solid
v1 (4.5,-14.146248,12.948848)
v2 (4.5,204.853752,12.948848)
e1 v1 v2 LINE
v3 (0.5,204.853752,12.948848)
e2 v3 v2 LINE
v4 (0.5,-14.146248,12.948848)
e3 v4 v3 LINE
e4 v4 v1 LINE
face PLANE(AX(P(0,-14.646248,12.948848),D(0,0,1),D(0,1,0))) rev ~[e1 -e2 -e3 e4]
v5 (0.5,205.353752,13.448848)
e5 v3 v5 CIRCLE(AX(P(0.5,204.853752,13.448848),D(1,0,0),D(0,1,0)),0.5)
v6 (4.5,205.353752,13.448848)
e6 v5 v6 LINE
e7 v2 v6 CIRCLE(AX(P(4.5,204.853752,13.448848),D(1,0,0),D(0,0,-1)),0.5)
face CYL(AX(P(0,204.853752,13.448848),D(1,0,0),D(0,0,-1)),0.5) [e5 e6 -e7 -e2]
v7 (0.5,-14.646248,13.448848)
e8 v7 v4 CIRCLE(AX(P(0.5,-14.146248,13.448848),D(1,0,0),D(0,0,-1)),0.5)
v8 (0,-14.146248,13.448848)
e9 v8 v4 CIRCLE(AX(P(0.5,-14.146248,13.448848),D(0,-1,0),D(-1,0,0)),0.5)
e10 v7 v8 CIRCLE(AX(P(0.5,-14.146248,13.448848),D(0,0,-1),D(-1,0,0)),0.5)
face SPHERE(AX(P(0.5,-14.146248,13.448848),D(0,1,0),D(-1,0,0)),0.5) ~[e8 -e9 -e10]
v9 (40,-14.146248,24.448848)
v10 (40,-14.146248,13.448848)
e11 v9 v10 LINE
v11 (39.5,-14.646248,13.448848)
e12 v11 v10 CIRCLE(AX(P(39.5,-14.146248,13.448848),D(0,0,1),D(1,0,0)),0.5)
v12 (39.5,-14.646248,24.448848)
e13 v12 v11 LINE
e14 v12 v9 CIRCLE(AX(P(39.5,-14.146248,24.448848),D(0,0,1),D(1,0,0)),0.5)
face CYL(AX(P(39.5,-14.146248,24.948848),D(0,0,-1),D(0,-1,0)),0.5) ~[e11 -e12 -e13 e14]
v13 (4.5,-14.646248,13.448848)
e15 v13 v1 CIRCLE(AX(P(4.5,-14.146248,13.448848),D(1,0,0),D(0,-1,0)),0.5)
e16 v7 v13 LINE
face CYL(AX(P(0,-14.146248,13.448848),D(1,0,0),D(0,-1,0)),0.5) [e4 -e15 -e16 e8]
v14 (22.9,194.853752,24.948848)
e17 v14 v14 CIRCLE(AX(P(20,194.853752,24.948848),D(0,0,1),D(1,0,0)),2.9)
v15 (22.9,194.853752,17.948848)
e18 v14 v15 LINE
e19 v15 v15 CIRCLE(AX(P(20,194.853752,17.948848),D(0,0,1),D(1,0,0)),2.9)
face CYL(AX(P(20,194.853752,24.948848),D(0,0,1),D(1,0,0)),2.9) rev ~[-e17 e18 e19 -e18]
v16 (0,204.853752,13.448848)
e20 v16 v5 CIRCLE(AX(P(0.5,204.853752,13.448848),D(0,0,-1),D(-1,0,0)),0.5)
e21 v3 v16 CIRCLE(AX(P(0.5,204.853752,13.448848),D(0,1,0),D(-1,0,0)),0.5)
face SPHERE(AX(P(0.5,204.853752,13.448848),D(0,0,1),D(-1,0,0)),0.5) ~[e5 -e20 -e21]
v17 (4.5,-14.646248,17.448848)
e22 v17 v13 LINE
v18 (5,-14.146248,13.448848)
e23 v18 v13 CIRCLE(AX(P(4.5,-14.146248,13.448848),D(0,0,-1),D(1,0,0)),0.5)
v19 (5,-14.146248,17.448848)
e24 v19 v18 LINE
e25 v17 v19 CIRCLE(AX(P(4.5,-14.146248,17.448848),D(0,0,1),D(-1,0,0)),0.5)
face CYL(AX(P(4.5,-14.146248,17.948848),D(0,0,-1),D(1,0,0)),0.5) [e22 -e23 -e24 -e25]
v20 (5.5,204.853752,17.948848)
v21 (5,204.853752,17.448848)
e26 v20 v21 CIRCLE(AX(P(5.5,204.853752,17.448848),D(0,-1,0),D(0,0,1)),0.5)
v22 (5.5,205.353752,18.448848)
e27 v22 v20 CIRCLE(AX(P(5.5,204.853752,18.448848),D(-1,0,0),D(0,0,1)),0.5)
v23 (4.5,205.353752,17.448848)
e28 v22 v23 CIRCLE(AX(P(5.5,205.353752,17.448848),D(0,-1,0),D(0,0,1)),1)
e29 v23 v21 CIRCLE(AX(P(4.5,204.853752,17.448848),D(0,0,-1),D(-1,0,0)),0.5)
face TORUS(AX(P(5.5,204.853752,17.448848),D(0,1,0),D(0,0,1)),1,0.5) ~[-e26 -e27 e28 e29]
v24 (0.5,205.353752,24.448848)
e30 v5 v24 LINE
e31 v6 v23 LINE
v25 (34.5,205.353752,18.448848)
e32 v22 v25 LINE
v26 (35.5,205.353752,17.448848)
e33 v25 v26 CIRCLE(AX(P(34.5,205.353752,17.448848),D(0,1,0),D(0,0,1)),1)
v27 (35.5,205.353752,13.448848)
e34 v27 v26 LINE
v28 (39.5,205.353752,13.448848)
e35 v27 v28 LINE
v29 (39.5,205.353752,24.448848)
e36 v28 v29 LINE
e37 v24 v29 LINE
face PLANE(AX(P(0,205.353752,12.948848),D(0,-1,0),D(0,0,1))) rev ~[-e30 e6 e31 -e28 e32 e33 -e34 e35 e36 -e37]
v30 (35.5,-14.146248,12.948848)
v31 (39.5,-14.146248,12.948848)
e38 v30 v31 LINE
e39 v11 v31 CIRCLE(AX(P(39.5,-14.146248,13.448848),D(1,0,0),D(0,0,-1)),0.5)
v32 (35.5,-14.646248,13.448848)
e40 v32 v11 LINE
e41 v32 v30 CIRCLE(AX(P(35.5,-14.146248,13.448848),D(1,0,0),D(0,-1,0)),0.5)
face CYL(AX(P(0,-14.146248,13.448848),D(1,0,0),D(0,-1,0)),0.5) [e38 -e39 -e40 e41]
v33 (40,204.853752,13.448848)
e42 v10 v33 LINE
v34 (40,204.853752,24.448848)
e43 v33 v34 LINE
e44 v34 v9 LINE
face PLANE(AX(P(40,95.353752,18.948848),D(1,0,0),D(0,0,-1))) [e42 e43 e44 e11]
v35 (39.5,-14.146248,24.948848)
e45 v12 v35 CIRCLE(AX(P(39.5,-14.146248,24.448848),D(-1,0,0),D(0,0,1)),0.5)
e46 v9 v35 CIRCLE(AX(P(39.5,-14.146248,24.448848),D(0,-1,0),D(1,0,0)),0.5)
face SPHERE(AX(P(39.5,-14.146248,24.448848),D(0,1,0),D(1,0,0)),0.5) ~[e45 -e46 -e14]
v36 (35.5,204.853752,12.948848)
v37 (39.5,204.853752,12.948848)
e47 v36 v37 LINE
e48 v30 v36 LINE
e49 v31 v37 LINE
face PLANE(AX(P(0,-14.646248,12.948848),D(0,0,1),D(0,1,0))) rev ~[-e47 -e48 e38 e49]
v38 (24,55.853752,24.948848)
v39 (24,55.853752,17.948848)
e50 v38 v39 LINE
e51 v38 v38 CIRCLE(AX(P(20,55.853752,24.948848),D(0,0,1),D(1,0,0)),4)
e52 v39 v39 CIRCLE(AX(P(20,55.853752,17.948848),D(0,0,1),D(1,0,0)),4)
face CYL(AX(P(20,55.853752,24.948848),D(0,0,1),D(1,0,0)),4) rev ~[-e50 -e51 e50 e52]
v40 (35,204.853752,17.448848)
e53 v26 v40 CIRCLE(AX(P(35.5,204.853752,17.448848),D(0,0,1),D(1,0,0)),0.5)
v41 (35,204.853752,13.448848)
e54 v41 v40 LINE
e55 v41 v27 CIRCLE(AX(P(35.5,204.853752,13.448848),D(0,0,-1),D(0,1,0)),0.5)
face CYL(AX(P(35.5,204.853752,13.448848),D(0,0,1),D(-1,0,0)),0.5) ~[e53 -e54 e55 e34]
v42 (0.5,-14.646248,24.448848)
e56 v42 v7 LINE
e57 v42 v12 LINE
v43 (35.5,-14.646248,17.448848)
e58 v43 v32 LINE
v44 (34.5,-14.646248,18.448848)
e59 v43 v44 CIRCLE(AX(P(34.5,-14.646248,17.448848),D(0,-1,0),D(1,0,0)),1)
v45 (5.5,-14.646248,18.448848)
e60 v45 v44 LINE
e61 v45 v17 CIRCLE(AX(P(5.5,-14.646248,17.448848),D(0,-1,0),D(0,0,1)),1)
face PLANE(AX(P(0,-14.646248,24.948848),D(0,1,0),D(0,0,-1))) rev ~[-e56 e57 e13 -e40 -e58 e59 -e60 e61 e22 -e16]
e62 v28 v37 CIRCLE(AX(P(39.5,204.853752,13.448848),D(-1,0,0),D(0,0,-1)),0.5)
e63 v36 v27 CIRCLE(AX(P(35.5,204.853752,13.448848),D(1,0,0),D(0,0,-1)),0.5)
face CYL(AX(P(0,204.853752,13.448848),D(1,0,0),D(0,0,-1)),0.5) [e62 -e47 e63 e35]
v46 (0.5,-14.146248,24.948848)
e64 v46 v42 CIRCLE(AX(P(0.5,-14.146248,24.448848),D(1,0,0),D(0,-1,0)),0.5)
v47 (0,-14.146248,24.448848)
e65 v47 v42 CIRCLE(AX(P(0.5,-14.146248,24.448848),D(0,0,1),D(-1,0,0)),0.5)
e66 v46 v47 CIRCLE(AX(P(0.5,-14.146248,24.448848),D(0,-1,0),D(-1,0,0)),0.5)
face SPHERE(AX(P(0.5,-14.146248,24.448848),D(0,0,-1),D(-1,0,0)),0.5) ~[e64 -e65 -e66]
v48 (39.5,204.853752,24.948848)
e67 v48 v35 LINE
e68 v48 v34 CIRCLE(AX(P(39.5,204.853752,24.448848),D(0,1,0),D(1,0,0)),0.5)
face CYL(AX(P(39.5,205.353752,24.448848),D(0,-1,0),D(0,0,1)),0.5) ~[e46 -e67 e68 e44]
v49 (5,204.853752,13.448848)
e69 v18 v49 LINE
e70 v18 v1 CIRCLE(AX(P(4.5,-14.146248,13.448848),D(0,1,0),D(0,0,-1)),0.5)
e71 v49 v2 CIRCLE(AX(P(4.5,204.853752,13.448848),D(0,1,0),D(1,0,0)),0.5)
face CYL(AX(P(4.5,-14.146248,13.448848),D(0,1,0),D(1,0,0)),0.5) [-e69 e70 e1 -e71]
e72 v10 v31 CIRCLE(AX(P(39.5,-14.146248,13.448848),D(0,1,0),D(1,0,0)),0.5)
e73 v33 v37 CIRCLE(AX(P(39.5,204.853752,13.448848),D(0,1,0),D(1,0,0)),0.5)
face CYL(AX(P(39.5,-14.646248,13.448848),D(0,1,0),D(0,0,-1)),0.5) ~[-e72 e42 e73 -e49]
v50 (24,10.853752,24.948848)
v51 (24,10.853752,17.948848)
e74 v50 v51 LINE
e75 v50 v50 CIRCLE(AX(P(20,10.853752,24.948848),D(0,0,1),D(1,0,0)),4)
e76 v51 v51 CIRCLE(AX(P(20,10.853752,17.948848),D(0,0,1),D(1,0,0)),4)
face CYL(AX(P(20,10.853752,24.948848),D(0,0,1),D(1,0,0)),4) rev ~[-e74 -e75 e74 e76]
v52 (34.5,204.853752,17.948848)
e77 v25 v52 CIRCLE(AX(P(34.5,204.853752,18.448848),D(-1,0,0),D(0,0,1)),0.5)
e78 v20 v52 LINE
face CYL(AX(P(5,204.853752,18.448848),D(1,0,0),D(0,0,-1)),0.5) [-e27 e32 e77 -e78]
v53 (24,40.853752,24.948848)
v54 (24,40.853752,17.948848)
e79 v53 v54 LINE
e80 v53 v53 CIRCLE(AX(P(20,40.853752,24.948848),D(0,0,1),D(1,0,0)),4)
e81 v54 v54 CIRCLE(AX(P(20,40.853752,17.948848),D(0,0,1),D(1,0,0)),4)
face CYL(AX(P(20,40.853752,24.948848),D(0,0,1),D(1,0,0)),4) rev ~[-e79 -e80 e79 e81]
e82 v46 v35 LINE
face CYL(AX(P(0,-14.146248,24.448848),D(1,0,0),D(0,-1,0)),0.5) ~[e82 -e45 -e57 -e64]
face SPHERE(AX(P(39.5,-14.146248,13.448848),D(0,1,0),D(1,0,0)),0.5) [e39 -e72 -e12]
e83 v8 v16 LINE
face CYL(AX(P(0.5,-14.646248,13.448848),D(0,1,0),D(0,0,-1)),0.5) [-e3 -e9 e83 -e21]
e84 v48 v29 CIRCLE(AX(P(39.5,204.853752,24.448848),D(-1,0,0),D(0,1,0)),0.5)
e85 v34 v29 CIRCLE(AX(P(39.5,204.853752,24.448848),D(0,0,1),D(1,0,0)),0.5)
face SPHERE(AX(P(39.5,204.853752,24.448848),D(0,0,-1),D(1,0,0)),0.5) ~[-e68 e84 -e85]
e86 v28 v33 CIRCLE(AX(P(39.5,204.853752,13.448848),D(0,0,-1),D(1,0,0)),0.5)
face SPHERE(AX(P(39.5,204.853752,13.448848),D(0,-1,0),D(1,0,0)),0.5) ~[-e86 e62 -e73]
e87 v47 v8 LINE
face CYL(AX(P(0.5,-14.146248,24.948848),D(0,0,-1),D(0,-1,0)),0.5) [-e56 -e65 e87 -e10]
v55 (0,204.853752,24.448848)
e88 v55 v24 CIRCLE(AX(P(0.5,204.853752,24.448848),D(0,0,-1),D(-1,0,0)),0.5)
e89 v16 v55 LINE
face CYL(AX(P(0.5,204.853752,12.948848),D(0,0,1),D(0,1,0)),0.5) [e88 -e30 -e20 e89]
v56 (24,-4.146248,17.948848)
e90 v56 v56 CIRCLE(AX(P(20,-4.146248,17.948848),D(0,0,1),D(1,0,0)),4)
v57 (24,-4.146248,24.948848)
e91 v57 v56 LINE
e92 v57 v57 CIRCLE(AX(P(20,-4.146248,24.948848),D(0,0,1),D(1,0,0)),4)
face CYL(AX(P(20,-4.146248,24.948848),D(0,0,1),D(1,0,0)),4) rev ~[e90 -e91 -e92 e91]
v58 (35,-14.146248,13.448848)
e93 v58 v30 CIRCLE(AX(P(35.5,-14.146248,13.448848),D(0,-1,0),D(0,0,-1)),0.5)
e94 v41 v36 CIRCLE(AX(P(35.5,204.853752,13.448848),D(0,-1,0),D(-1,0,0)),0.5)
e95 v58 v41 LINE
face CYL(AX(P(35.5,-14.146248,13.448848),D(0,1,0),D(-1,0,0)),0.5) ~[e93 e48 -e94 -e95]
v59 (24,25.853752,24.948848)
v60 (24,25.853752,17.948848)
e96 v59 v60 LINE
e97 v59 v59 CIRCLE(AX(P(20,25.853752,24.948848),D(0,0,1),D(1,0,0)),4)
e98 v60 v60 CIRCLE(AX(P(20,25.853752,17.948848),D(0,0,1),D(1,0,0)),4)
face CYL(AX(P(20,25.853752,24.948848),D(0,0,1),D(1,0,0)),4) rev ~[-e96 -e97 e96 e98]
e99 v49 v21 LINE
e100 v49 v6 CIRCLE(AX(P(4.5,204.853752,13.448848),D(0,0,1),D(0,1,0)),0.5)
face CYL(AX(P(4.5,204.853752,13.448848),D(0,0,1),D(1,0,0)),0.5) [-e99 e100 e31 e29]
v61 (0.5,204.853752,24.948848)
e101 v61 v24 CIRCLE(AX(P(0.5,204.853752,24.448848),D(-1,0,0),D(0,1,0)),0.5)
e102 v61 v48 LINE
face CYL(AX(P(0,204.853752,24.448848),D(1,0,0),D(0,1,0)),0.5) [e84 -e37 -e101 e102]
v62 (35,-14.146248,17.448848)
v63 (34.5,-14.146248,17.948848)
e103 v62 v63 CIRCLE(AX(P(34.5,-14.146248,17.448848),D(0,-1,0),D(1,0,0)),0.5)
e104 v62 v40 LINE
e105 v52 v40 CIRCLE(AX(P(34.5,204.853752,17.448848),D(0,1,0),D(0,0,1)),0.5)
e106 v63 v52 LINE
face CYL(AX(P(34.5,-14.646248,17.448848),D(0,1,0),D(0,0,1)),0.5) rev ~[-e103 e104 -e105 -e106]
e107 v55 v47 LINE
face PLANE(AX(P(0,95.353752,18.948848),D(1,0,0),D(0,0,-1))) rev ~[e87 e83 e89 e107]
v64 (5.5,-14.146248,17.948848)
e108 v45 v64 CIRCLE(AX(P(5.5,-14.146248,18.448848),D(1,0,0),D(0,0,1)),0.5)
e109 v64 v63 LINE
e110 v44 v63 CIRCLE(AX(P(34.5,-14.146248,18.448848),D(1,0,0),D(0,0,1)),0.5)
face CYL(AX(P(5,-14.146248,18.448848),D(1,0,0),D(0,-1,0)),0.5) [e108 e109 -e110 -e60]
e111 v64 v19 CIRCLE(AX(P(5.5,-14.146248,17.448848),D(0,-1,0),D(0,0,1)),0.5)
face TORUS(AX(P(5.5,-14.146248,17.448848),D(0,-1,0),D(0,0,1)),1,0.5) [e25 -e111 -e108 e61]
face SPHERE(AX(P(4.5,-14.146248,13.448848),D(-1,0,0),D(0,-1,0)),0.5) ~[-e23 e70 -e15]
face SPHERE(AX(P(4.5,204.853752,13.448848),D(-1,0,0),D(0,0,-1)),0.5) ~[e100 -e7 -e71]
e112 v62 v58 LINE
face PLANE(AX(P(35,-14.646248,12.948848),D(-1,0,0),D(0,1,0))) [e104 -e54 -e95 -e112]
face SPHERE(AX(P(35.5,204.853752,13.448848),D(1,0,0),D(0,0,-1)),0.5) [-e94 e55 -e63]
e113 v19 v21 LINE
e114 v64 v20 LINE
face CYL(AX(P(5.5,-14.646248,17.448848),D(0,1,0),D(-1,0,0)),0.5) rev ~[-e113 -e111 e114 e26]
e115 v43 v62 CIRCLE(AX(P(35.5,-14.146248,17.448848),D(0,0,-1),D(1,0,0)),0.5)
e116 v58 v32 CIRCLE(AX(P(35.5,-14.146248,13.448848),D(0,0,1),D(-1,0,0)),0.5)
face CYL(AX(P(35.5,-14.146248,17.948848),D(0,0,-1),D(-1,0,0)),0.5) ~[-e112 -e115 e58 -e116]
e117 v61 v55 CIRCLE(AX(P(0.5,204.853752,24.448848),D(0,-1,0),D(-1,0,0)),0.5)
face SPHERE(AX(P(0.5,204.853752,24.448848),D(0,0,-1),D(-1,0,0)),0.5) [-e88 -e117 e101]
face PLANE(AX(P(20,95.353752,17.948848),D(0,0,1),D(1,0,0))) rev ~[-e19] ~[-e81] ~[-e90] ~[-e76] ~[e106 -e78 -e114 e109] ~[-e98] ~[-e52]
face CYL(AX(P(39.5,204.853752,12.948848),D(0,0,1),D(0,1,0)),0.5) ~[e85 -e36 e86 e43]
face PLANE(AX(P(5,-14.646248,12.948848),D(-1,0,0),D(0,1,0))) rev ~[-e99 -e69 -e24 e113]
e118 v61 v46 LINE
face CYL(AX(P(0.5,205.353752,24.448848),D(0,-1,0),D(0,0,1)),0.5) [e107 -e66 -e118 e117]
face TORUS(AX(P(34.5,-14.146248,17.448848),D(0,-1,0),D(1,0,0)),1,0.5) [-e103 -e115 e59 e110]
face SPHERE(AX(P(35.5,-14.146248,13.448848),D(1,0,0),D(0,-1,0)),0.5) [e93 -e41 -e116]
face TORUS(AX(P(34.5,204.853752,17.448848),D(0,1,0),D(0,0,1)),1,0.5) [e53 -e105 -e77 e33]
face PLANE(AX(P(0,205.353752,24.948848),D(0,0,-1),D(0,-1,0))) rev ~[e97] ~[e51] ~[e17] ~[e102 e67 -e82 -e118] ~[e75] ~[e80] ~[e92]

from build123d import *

# Parameters (mm, degrees)
SALIENTE_EXTRUIR1_DEPTH = 40
REDONDEO1_R             = 0.5
CROQUIS5_W              = 30
CROQUIS5_H              = 220
CORTAR_EXTRUIR2_DEPTH   = 5
CORTAR_EXTRUIR3_REACH   = 211.557
CROQUIS6_R              = 4
CROQUIS6_R_2            = 2.9
REDONDEO2_R             = 0.5


with BuildPart() as part:
    # Croquis2 → Saliente-Extruir1 (new body)
    with BuildSketch(Plane(origin=(0, 0, 0), x_dir=(0, 0, -1), z_dir=(1, 0, 0))):
        Polygon((-24.94884824, -14.646248332), (-12.94884824, -14.646248332), (-12.94884824, -5.646248332), (-12.94884824, 205.353751668), (-24.94884824, 205.353751668), align=None)
    extrude(amount=SALIENTE_EXTRUIR1_DEPTH)

    # Redondeo1
    redondeo1_edges = [part.edges().sort_by_distance(p)[0] for p in [
        (40, 95.353751668, 12.94884824),
        (40, 205.353751668, 18.94884824),
        (40, 95.353751668, 24.94884824),
        (0, 205.353751668, 18.94884824),
        (0, 95.353751668, 12.94884824),
        (0, -14.646248332, 18.94884824),
        (0, 95.353751668, 24.94884824),
        (40, -14.646248332, 18.94884824),
        (20, 205.353751668, 24.94884824),
        (20, 205.353751668, 12.94884824),
        (20, -14.646248332, 12.94884824),
        (20, -14.646248332, 24.94884824),
    ]]
    fillet(redondeo1_edges, radius=REDONDEO1_R)

    # Croquis5 → Cortar-Extruir2 (cut)
    with BuildSketch(Plane.XY.offset(12.94884824)):
        with Locations((20, 95.353751668)):
            Rectangle(CROQUIS5_W, CROQUIS5_H)
    extrude(amount=CORTAR_EXTRUIR2_DEPTH, mode=Mode.SUBTRACT)

    # Croquis6 → Cortar-Extruir3 (cut, up to next)
    with BuildSketch(Plane.XY.offset(24.94884824), mode=Mode.PRIVATE) as cortar_extruir3_sk1:
        with Locations((20, -4.146248332)):
            Circle(CROQUIS6_R)
    cortar_extruir3_tool1 = extrude(cortar_extruir3_sk1.sketch, amount=-CORTAR_EXTRUIR3_REACH, mode=Mode.PRIVATE) & part.part
    # Croquis6 → Cortar-Extruir3 (cut, up to next)
    with BuildSketch(Plane.XY.offset(24.94884824), mode=Mode.PRIVATE) as cortar_extruir3_sk2:
        with Locations((20, 194.853751668)):
            Circle(CROQUIS6_R_2)
    cortar_extruir3_tool2 = extrude(cortar_extruir3_sk2.sketch, amount=-CORTAR_EXTRUIR3_REACH, mode=Mode.PRIVATE) & part.part
    # Croquis6 → Cortar-Extruir3 (cut, up to next)
    with BuildSketch(Plane.XY.offset(24.94884824), mode=Mode.PRIVATE) as cortar_extruir3_sk3:
        with Locations((20, 10.853751668)):
            Circle(CROQUIS6_R)
    cortar_extruir3_tool3 = extrude(cortar_extruir3_sk3.sketch, amount=-CORTAR_EXTRUIR3_REACH, mode=Mode.PRIVATE) & part.part
    # Croquis6 → Cortar-Extruir3 (cut, up to next)
    with BuildSketch(Plane.XY.offset(24.94884824), mode=Mode.PRIVATE) as cortar_extruir3_sk4:
        with Locations((20, 25.853751668)):
            Circle(CROQUIS6_R)
    cortar_extruir3_tool4 = extrude(cortar_extruir3_sk4.sketch, amount=-CORTAR_EXTRUIR3_REACH, mode=Mode.PRIVATE) & part.part
    # Croquis6 → Cortar-Extruir3 (cut, up to next)
    with BuildSketch(Plane.XY.offset(24.94884824), mode=Mode.PRIVATE) as cortar_extruir3_sk5:
        with Locations((20, 40.853751668)):
            Circle(CROQUIS6_R)
    cortar_extruir3_tool5 = extrude(cortar_extruir3_sk5.sketch, amount=-CORTAR_EXTRUIR3_REACH, mode=Mode.PRIVATE) & part.part
    # Croquis6 → Cortar-Extruir3 (cut, up to next)
    with BuildSketch(Plane.XY.offset(24.94884824), mode=Mode.PRIVATE) as cortar_extruir3_sk6:
        with Locations((20, 55.853751668)):
            Circle(CROQUIS6_R)
    cortar_extruir3_tool6 = extrude(cortar_extruir3_sk6.sketch, amount=-CORTAR_EXTRUIR3_REACH, mode=Mode.PRIVATE) & part.part
    add(cortar_extruir3_tool1.solids().sort_by_distance((20, -4.146248, 24.948848))[0], mode=Mode.SUBTRACT)
    add(cortar_extruir3_tool2.solids().sort_by_distance((20, 194.853752, 24.948848))[0], mode=Mode.SUBTRACT)
    add(cortar_extruir3_tool3.solids().sort_by_distance((20, 10.853752, 24.948848))[0], mode=Mode.SUBTRACT)
    add(cortar_extruir3_tool4.solids().sort_by_distance((20, 25.853752, 24.948848))[0], mode=Mode.SUBTRACT)
    add(cortar_extruir3_tool5.solids().sort_by_distance((20, 40.853752, 24.948848))[0], mode=Mode.SUBTRACT)
    add(cortar_extruir3_tool6.solids().sort_by_distance((20, 55.853752, 24.948848))[0], mode=Mode.SUBTRACT)

    # Redondeo2
    redondeo2_edges = [part.edges().sort_by_distance(p)[0] for p in [
        (35, 205.207305058, 13.095294849),
        (5, 205.207305058, 13.095294849),
        (35, 205.353751668, 15.69884824),
        (5, 95.353751668, 12.94884824),
        (5, -14.499801723, 13.095294849),
        (5, 205.353751668, 15.69884824),
        (5, -14.646248332, 15.69884824),
        (35, -14.646248332, 15.69884824),
        (35, -14.499801723, 13.095294849),
        (35, 95.353751668, 12.94884824),
        (5, 95.353751668, 17.94884824),
        (20, -14.646248332, 17.94884824),
        (35, 95.353751668, 17.94884824),
        (20, 205.353751668, 17.94884824),
    ]]
    fillet(redondeo2_edges, radius=REDONDEO2_R)


solid = part.part
